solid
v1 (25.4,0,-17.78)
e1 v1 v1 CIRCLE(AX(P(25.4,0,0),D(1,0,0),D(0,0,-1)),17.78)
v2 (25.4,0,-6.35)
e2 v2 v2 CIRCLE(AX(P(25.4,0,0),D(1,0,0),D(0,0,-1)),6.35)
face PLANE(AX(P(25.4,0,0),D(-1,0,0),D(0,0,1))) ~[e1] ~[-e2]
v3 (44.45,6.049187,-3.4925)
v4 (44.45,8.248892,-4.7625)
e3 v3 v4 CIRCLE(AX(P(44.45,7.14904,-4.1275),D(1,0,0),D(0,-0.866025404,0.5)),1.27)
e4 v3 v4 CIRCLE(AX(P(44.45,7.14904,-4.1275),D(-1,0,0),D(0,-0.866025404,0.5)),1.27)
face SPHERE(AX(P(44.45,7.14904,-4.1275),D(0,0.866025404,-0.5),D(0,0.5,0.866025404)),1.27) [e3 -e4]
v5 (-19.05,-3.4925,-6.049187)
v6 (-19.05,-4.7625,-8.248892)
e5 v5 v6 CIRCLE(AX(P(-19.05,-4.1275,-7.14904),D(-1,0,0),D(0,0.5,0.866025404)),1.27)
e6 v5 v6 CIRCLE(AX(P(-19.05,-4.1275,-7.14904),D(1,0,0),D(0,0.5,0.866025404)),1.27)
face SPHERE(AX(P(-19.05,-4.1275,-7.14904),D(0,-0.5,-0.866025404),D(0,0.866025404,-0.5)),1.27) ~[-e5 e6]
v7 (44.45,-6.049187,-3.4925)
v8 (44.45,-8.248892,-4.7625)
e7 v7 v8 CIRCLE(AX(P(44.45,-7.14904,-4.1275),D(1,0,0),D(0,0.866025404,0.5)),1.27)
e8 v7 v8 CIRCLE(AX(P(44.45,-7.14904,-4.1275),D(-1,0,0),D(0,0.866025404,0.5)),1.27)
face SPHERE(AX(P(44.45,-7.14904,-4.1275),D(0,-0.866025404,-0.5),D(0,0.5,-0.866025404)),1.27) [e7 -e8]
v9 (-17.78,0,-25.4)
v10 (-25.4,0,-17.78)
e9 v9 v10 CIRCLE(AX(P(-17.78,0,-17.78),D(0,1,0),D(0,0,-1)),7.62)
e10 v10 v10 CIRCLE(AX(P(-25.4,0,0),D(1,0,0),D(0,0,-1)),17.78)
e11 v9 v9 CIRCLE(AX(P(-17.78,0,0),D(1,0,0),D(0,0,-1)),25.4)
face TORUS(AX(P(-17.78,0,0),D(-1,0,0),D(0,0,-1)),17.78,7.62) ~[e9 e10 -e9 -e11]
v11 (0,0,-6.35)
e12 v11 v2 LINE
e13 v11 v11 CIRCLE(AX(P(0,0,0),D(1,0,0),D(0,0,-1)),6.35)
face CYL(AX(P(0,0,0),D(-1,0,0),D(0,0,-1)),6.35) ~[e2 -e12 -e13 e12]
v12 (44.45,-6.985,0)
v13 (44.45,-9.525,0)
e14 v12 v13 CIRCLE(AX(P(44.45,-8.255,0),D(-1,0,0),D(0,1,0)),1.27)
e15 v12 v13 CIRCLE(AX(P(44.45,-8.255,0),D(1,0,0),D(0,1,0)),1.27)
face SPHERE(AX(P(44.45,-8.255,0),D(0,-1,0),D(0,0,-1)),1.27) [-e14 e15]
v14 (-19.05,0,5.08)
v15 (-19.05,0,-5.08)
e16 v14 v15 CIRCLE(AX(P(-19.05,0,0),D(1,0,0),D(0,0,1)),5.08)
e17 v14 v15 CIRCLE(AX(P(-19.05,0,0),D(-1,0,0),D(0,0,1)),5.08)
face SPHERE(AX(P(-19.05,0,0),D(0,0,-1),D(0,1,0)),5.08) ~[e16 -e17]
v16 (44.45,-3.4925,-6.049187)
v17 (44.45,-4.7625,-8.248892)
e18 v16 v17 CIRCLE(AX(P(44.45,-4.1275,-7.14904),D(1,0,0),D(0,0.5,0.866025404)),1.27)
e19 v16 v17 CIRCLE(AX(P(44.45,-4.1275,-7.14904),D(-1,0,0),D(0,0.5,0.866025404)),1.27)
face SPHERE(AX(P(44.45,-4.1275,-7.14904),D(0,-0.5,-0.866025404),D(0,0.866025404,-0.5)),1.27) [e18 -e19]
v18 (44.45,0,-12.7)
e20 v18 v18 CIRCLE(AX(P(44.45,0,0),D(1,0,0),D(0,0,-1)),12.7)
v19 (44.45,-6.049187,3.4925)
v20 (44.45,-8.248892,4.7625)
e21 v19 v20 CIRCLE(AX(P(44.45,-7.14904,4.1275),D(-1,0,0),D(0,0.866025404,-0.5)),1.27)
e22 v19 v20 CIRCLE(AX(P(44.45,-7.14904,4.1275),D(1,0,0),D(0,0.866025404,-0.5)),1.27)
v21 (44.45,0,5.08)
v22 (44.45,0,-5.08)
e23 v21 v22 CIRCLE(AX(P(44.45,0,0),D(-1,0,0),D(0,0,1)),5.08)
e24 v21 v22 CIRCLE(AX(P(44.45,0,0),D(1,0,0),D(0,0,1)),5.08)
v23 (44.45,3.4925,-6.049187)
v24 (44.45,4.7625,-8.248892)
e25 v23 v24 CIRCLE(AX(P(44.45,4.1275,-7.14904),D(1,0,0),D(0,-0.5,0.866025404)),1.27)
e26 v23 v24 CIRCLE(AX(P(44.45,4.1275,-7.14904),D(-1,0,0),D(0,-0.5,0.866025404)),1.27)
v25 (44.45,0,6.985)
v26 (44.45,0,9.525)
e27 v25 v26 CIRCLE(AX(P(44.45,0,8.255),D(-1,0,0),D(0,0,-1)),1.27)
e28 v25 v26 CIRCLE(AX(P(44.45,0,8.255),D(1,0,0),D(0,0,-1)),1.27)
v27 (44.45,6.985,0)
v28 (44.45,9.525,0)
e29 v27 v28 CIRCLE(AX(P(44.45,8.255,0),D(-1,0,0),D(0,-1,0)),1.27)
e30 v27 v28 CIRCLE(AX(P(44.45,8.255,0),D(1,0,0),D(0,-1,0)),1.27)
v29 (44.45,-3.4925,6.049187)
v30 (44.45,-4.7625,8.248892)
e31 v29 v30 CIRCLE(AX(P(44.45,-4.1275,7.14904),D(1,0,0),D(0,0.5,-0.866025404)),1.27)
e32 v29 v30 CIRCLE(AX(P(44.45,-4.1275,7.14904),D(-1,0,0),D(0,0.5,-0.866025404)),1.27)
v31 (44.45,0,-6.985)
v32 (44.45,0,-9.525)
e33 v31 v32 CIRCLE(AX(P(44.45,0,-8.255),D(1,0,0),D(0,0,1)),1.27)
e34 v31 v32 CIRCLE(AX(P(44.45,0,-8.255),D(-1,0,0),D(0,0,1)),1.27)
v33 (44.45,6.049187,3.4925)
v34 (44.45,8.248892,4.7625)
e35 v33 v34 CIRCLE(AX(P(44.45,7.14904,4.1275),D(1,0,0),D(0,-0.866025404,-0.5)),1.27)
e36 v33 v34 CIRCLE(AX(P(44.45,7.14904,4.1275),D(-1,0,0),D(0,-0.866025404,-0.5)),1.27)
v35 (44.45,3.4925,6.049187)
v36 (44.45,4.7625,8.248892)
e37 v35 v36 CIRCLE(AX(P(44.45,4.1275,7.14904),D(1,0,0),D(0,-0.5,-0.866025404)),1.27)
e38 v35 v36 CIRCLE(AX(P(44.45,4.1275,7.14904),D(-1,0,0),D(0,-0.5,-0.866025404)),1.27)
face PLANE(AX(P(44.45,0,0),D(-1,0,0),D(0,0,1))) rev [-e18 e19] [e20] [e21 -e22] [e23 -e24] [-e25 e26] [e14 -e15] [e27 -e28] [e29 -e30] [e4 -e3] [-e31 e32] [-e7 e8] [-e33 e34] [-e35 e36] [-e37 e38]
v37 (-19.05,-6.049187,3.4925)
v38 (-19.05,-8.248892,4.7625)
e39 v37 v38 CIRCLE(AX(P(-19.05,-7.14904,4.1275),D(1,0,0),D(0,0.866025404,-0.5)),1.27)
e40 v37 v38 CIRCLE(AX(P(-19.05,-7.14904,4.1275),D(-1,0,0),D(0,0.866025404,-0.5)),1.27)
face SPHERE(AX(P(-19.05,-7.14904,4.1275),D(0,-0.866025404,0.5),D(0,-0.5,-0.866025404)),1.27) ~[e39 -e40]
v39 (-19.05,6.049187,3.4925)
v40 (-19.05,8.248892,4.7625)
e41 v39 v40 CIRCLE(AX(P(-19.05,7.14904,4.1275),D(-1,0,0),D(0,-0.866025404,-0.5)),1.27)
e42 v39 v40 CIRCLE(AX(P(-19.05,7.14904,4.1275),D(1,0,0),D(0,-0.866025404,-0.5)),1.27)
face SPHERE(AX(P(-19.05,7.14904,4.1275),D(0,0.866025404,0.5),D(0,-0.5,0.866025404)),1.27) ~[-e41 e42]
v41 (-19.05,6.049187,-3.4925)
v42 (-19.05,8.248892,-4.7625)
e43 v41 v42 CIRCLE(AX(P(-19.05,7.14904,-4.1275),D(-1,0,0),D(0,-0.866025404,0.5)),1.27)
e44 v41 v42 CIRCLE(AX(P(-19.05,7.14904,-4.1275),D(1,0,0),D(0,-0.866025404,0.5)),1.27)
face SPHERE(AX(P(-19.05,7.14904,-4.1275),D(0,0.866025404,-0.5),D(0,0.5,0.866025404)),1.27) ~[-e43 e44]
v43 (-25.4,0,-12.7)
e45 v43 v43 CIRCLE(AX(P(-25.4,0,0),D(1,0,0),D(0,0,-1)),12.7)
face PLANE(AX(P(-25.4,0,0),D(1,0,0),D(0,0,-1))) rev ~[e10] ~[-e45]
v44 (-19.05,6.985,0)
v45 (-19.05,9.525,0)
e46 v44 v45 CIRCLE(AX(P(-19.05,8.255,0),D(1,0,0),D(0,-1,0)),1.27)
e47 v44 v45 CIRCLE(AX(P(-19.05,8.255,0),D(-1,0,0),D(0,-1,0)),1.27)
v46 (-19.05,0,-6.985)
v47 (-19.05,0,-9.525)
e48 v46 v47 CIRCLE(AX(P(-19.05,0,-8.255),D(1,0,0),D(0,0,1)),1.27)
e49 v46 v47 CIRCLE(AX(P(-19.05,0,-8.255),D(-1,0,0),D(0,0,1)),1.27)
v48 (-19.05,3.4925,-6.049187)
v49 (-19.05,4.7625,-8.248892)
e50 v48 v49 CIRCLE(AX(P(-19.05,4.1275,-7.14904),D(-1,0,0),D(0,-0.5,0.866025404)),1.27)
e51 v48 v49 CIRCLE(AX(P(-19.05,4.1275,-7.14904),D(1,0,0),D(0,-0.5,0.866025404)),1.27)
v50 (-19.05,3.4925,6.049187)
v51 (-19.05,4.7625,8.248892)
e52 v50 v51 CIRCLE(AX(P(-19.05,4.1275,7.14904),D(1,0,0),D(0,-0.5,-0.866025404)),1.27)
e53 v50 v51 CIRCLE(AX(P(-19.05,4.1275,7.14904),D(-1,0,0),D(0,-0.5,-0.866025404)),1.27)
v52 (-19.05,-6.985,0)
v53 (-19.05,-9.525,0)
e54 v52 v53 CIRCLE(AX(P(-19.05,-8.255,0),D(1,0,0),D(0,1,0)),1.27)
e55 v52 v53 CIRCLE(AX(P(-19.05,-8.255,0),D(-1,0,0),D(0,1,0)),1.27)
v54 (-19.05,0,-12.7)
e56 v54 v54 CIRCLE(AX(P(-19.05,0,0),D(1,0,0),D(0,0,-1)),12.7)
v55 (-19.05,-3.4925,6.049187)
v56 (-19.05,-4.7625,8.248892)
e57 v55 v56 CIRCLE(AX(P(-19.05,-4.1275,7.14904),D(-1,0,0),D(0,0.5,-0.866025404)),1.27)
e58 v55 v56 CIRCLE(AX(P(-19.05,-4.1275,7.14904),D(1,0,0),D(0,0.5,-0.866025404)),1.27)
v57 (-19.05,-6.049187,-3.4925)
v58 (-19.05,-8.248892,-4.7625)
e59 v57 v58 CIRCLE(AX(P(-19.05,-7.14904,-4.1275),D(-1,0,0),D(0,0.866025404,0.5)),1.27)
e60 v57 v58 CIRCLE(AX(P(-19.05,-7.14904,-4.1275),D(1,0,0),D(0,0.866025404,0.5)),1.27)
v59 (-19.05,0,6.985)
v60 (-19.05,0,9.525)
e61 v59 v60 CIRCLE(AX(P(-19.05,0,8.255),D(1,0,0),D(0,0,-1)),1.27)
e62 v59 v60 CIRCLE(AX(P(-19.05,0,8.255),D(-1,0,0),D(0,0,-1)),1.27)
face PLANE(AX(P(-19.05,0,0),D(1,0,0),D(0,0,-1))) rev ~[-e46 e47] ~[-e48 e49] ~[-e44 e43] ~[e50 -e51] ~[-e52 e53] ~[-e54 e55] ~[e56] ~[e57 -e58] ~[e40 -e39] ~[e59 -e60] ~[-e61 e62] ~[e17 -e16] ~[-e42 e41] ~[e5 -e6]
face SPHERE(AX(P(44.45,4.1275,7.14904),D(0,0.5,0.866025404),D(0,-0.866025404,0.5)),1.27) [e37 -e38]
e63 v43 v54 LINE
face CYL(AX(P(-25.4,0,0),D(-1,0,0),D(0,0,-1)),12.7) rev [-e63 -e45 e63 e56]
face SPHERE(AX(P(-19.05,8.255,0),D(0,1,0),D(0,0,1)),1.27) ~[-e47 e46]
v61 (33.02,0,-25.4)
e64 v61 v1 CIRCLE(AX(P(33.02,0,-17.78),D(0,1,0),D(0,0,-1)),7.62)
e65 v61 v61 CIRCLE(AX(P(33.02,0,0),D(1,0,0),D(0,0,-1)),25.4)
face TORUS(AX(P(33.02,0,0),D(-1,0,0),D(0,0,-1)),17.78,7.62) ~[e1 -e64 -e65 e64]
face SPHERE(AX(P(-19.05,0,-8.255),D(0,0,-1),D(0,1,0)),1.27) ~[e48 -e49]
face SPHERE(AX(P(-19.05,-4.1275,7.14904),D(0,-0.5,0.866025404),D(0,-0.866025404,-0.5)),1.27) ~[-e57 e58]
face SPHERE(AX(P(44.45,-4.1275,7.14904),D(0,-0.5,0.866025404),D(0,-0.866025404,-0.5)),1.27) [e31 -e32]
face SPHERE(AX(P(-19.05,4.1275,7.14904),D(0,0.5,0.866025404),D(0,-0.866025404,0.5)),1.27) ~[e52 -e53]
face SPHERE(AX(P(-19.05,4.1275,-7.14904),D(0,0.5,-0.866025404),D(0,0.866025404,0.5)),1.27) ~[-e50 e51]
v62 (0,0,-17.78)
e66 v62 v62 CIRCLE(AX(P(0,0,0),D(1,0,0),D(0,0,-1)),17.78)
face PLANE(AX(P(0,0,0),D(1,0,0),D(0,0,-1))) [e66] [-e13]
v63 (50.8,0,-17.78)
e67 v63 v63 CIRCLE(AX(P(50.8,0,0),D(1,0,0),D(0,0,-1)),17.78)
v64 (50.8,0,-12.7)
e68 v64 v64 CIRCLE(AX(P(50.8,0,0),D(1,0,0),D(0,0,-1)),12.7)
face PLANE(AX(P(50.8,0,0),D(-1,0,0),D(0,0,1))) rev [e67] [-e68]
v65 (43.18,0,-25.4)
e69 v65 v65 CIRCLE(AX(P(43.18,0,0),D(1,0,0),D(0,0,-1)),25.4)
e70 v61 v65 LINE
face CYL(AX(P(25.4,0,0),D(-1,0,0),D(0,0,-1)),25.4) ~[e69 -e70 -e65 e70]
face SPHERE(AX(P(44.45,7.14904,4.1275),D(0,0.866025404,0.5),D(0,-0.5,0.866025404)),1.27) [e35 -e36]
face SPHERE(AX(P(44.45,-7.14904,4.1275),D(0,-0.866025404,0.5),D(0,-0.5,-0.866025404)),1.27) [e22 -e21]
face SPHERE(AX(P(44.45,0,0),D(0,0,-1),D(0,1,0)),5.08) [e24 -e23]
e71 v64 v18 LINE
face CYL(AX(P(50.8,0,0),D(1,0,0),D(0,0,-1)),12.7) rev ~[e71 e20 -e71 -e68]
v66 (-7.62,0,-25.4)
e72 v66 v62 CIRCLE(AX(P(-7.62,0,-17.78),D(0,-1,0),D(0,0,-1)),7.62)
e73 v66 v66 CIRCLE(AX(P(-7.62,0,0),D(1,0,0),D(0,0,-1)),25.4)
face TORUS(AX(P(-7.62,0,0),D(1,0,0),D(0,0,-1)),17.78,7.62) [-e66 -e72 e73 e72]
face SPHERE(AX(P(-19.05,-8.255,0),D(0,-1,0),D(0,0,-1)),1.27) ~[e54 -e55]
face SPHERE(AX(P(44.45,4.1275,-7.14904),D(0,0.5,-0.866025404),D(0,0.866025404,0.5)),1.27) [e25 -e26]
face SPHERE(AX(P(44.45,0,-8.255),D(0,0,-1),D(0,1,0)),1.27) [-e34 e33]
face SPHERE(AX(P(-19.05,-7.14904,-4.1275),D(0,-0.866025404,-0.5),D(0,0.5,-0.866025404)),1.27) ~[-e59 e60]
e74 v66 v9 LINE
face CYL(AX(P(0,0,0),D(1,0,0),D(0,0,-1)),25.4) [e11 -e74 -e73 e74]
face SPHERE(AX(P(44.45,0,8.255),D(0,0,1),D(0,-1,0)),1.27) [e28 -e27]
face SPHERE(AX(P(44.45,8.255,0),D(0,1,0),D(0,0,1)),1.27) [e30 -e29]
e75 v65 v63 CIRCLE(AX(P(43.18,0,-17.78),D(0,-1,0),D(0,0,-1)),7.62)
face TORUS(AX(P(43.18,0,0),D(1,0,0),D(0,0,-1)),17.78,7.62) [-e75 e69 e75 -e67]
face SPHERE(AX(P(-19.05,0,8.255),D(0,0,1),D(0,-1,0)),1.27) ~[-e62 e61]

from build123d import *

# Parameters (mm, degrees)
SKETCH1_R             = 6.35
BOSS_EXTRUDE1_DEPTH   = 25.4
SKETCH2_R             = 25.4
BOSS_EXTRUDE2_DEPTH   = 25.4
SKETCH3_R             = 12.7
CUT_EXTRUDE1_DEPTH    = 6.35
REVOLVE1_ANGLE        = 180
REVOLVE2_ANGLE        = 180
CIRPATTERN2_COUNT     = 12
MIRROR1_COPY_1_ANGLE  = 180
MIRROR1_COPY_2_ANGLE  = 180
MIRROR1_COPY_3_ANGLE  = 180
MIRROR1_COPY_4_ANGLE  = 180
MIRROR1_COPY_5_ANGLE  = 180
MIRROR1_COPY_6_ANGLE  = 180
MIRROR1_COPY_7_ANGLE  = 180
MIRROR1_COPY_8_ANGLE  = 180
MIRROR1_COPY_9_ANGLE  = 180
MIRROR1_COPY_10_ANGLE = 180
MIRROR1_COPY_11_ANGLE = 180
FILLET1_R             = 7.62
FILLET2_R             = 7.62
FILLET3_R             = 7.62
FILLET4_R             = 7.62


with BuildPart() as part:
    # Sketch1 → Boss-Extrude1 (new body)
    with BuildSketch(Plane(origin=(0, 0, 0), x_dir=(0, 0, -1), z_dir=(1, 0, 0))):
        Circle(SKETCH1_R)
    extrude(amount=BOSS_EXTRUDE1_DEPTH)

    # Sketch2 → Boss-Extrude2 (add)
    with BuildSketch(Plane(origin=(0, 0, 0), x_dir=(0, 0, -1), z_dir=(1, 0, 0))):
        Circle(SKETCH2_R)
    boss_extrude2 = extrude(amount=-BOSS_EXTRUDE2_DEPTH)

    # Sketch3 → Cut-Extrude1 (cut)
    with BuildSketch(Plane(origin=(-25.4, 0, 0), x_dir=(0, 0, -1), z_dir=(1, 0, 0))):
        Circle(SKETCH3_R)
    cut_extrude1 = extrude(amount=CUT_EXTRUDE1_DEPTH, mode=Mode.SUBTRACT)

    # Sketch4 → Revolve1 (revolve)
    with BuildSketch(Plane.ZY.offset(19.05)):
        with BuildLine():
            Line((-5.08, 0), (5.08, 0))
            ThreePointArc((5.08, 0), (0, 5.08), (-5.08, 0))
        make_face()
    revolve1 = revolve(axis=Axis((-19.05, 0, -5.08), (0, 0, 1)), revolution_arc=REVOLVE1_ANGLE)

    # Sketch5 → Revolve2 (revolve)
    with BuildSketch(Plane.ZY.offset(19.05)):
        with BuildLine():
            Line((-9.525, 0), (-6.985, 0))
            ThreePointArc((-6.985, 0), (-8.255, 1.27), (-9.525, 0))
        make_face()
    revolve2 = revolve(axis=Axis((-19.05, 0, -9.525), (0, 0, 1)), revolution_arc=REVOLVE2_ANGLE)

    # CirPattern2: Revolve2 ×12 about axis
    cirpattern2_axis = Axis((0, 0, 0), (1, 0, 0))
    for i in range(1, CIRPATTERN2_COUNT):
        add(revolve2.rotate(cirpattern2_axis, i * 360 / CIRPATTERN2_COUNT))

    # Mirror1: Boss-Extrude2, Cut-Extrude1, Revolve1, Revolve2 across plane
    add(boss_extrude2.mirror(Plane(origin=(12.7, 0, 0), x_dir=(0, 0, 1), z_dir=(1, 0, 0))))
    add(cut_extrude1.mirror(Plane(origin=(12.7, 0, 0), x_dir=(0, 0, 1), z_dir=(1, 0, 0))), mode=Mode.SUBTRACT)
    add(revolve1.mirror(Plane(origin=(12.7, 0, 0), x_dir=(0, 0, 1), z_dir=(1, 0, 0))))
    add(revolve2.mirror(Plane(origin=(12.7, 0, 0), x_dir=(0, 0, 1), z_dir=(1, 0, 0))))

    # Mirror1 copy 1 sketch → Mirror1 copy 1 (revolve)
    with BuildSketch(Plane(origin=(44.45, 0, 0), x_dir=(0, -0.49999999999999994, 0.8660254037844387), z_dir=(1, 0, 0))):
        with BuildLine():
            Line((-9.525, 0), (-6.985, 0))
            ThreePointArc((-6.985, 0), (-8.255, -1.27), (-9.525, 0))
        make_face()
    revolve(axis=Axis((44.45, 4.7625, -8.248891971), (0, 0.49999999999999994, -0.8660254037844387)), revolution_arc=MIRROR1_COPY_1_ANGLE)

    # Mirror1 copy 2 sketch → Mirror1 copy 2 (revolve)
    with BuildSketch(Plane(origin=(44.45, 0, 0), x_dir=(0, -0.8660254037844386, 0.5000000000000001), z_dir=(1, 0, 0))):
        with BuildLine():
            Line((-9.525, 0), (-6.985, 0))
            ThreePointArc((-6.985, 0), (-8.255, -1.27), (-9.525, 0))
        make_face()
    revolve(axis=Axis((44.45, 8.248891971, -4.7625), (0, 0.8660254037844386, -0.5000000000000001)), revolution_arc=MIRROR1_COPY_2_ANGLE)

    # Mirror1 copy 3 sketch → Mirror1 copy 3 (revolve)
    with BuildSketch(Plane(origin=(44.45, 0, 0), x_dir=(0, -1, 0), z_dir=(1, 0, 0))):
        with BuildLine():
            Line((-9.525, 0), (-6.985, 0))
            ThreePointArc((-6.985, 0), (-8.255, -1.27), (-9.525, 0))
        make_face()
    revolve(axis=Axis((44.45, 9.525, 0), (0, 1, 0)), revolution_arc=MIRROR1_COPY_3_ANGLE)

    # Mirror1 copy 4 sketch → Mirror1 copy 4 (revolve)
    with BuildSketch(Plane(origin=(44.45, 0, 0), x_dir=(0, -0.8660254037844387, -0.4999999999999998), z_dir=(1, 0, 0))):
        with BuildLine():
            Line((-9.525, 0), (-6.985, 0))
            ThreePointArc((-6.985, 0), (-8.255, -1.27), (-9.525, 0))
        make_face()
    revolve(axis=Axis((44.45, 8.248891971, 4.7625), (0, 0.8660254037844387, 0.4999999999999998)), revolution_arc=MIRROR1_COPY_4_ANGLE)

    # Mirror1 copy 5 sketch → Mirror1 copy 5 (revolve)
    with BuildSketch(Plane(origin=(44.45, 0, 0), x_dir=(0, -0.49999999999999994, -0.8660254037844387), z_dir=(1, 0, 0))):
        with BuildLine():
            Line((-9.525, 0), (-6.985, 0))
            ThreePointArc((-6.985, 0), (-8.255, -1.27), (-9.525, 0))
        make_face()
    revolve(axis=Axis((44.45, 4.7625, 8.248891971), (0, 0.49999999999999994, 0.8660254037844387)), revolution_arc=MIRROR1_COPY_5_ANGLE)

    # Mirror1 copy 6 sketch → Mirror1 copy 6 (revolve)
    with BuildSketch(Plane(origin=(44.45, 0, 0), x_dir=(0, 0, -1), z_dir=(1, 0, 0))):
        with BuildLine():
            Line((-9.525, 0), (-6.985, 0))
            ThreePointArc((-6.985, 0), (-8.255, -1.27), (-9.525, 0))
        make_face()
    revolve(axis=Axis((44.45, 0, 9.525), (0, 0, 1)), revolution_arc=MIRROR1_COPY_6_ANGLE)

    # Mirror1 copy 7 sketch → Mirror1 copy 7 (revolve)
    with BuildSketch(Plane(origin=(44.45, 0, 0), x_dir=(0, 0.5000000000000001, -0.8660254037844386), z_dir=(1, 0, 0))):
        with BuildLine():
            Line((-9.525, 0), (-6.985, 0))
            ThreePointArc((-6.985, 0), (-8.255, -1.27), (-9.525, 0))
        make_face()
    revolve(axis=Axis((44.45, -4.7625, 8.248891971), (0, -0.5000000000000001, 0.8660254037844386)), revolution_arc=MIRROR1_COPY_7_ANGLE)

    # Mirror1 copy 8 sketch → Mirror1 copy 8 (revolve)
    with BuildSketch(Plane(origin=(44.45, 0, 0), x_dir=(0, 0.8660254037844384, -0.5000000000000004), z_dir=(1, 0, 0))):
        with BuildLine():
            Line((-9.525, 0), (-6.985, 0))
            ThreePointArc((-6.985, 0), (-8.255, -1.27), (-9.525, 0))
        make_face()
    revolve(axis=Axis((44.45, -8.248891971, 4.7625), (0, -0.8660254037844384, 0.5000000000000004)), revolution_arc=MIRROR1_COPY_8_ANGLE)

    # Mirror1 copy 9 sketch → Mirror1 copy 9 (revolve)
    with BuildSketch(Plane.YZ.offset(44.45)):
        with BuildLine():
            Line((-9.525, 0), (-6.985, 0))
            ThreePointArc((-6.985, 0), (-8.255, -1.27), (-9.525, 0))
        make_face()
    revolve(axis=Axis((44.45, -9.525, 0), (0, -1, 0)), revolution_arc=MIRROR1_COPY_9_ANGLE)

    # Mirror1 copy 10 sketch → Mirror1 copy 10 (revolve)
    with BuildSketch(Plane(origin=(44.45, 0, 0), x_dir=(0, 0.8660254037844386, 0.5000000000000001), z_dir=(1, 0, 0))):
        with BuildLine():
            Line((-9.525, 0), (-6.985, 0))
            ThreePointArc((-6.985, 0), (-8.255, -1.27), (-9.525, 0))
        make_face()
    revolve(axis=Axis((44.45, -8.248891971, -4.7625), (0, -0.8660254037844386, -0.5000000000000001)), revolution_arc=MIRROR1_COPY_10_ANGLE)

    # Mirror1 copy 11 sketch → Mirror1 copy 11 (revolve)
    with BuildSketch(Plane(origin=(44.45, 0, 0), x_dir=(0, 0.5000000000000004, 0.8660254037844384), z_dir=(1, 0, 0))):
        with BuildLine():
            Line((-9.525, 0), (-6.985, 0))
            ThreePointArc((-6.985, 0), (-8.255, -1.27), (-9.525, 0))
        make_face()
    revolve(axis=Axis((44.45, -4.7625, -8.248891971), (0, -0.5000000000000004, -0.8660254037844384)), revolution_arc=MIRROR1_COPY_11_ANGLE)

    # Fillet1
    fillet1_edges = [part.edges().sort_by_distance(p)[0] for p in [
        (-25.4, 0, 25.4),
    ]]
    fillet(fillet1_edges, radius=FILLET1_R)

    # Fillet2
    fillet2_edges = [part.edges().sort_by_distance(p)[0] for p in [
        (0, 0, 25.4),
    ]]
    fillet(fillet2_edges, radius=FILLET2_R)

    # Fillet3
    fillet3_edges = [part.edges().sort_by_distance(p)[0] for p in [
        (50.8, 0, 25.4),
    ]]
    fillet(fillet3_edges, radius=FILLET3_R)

    # Fillet4
    fillet4_edges = [part.edges().sort_by_distance(p)[0] for p in [
        (25.4, 0, 25.4),
    ]]
    fillet(fillet4_edges, radius=FILLET4_R)


solid = part.part
